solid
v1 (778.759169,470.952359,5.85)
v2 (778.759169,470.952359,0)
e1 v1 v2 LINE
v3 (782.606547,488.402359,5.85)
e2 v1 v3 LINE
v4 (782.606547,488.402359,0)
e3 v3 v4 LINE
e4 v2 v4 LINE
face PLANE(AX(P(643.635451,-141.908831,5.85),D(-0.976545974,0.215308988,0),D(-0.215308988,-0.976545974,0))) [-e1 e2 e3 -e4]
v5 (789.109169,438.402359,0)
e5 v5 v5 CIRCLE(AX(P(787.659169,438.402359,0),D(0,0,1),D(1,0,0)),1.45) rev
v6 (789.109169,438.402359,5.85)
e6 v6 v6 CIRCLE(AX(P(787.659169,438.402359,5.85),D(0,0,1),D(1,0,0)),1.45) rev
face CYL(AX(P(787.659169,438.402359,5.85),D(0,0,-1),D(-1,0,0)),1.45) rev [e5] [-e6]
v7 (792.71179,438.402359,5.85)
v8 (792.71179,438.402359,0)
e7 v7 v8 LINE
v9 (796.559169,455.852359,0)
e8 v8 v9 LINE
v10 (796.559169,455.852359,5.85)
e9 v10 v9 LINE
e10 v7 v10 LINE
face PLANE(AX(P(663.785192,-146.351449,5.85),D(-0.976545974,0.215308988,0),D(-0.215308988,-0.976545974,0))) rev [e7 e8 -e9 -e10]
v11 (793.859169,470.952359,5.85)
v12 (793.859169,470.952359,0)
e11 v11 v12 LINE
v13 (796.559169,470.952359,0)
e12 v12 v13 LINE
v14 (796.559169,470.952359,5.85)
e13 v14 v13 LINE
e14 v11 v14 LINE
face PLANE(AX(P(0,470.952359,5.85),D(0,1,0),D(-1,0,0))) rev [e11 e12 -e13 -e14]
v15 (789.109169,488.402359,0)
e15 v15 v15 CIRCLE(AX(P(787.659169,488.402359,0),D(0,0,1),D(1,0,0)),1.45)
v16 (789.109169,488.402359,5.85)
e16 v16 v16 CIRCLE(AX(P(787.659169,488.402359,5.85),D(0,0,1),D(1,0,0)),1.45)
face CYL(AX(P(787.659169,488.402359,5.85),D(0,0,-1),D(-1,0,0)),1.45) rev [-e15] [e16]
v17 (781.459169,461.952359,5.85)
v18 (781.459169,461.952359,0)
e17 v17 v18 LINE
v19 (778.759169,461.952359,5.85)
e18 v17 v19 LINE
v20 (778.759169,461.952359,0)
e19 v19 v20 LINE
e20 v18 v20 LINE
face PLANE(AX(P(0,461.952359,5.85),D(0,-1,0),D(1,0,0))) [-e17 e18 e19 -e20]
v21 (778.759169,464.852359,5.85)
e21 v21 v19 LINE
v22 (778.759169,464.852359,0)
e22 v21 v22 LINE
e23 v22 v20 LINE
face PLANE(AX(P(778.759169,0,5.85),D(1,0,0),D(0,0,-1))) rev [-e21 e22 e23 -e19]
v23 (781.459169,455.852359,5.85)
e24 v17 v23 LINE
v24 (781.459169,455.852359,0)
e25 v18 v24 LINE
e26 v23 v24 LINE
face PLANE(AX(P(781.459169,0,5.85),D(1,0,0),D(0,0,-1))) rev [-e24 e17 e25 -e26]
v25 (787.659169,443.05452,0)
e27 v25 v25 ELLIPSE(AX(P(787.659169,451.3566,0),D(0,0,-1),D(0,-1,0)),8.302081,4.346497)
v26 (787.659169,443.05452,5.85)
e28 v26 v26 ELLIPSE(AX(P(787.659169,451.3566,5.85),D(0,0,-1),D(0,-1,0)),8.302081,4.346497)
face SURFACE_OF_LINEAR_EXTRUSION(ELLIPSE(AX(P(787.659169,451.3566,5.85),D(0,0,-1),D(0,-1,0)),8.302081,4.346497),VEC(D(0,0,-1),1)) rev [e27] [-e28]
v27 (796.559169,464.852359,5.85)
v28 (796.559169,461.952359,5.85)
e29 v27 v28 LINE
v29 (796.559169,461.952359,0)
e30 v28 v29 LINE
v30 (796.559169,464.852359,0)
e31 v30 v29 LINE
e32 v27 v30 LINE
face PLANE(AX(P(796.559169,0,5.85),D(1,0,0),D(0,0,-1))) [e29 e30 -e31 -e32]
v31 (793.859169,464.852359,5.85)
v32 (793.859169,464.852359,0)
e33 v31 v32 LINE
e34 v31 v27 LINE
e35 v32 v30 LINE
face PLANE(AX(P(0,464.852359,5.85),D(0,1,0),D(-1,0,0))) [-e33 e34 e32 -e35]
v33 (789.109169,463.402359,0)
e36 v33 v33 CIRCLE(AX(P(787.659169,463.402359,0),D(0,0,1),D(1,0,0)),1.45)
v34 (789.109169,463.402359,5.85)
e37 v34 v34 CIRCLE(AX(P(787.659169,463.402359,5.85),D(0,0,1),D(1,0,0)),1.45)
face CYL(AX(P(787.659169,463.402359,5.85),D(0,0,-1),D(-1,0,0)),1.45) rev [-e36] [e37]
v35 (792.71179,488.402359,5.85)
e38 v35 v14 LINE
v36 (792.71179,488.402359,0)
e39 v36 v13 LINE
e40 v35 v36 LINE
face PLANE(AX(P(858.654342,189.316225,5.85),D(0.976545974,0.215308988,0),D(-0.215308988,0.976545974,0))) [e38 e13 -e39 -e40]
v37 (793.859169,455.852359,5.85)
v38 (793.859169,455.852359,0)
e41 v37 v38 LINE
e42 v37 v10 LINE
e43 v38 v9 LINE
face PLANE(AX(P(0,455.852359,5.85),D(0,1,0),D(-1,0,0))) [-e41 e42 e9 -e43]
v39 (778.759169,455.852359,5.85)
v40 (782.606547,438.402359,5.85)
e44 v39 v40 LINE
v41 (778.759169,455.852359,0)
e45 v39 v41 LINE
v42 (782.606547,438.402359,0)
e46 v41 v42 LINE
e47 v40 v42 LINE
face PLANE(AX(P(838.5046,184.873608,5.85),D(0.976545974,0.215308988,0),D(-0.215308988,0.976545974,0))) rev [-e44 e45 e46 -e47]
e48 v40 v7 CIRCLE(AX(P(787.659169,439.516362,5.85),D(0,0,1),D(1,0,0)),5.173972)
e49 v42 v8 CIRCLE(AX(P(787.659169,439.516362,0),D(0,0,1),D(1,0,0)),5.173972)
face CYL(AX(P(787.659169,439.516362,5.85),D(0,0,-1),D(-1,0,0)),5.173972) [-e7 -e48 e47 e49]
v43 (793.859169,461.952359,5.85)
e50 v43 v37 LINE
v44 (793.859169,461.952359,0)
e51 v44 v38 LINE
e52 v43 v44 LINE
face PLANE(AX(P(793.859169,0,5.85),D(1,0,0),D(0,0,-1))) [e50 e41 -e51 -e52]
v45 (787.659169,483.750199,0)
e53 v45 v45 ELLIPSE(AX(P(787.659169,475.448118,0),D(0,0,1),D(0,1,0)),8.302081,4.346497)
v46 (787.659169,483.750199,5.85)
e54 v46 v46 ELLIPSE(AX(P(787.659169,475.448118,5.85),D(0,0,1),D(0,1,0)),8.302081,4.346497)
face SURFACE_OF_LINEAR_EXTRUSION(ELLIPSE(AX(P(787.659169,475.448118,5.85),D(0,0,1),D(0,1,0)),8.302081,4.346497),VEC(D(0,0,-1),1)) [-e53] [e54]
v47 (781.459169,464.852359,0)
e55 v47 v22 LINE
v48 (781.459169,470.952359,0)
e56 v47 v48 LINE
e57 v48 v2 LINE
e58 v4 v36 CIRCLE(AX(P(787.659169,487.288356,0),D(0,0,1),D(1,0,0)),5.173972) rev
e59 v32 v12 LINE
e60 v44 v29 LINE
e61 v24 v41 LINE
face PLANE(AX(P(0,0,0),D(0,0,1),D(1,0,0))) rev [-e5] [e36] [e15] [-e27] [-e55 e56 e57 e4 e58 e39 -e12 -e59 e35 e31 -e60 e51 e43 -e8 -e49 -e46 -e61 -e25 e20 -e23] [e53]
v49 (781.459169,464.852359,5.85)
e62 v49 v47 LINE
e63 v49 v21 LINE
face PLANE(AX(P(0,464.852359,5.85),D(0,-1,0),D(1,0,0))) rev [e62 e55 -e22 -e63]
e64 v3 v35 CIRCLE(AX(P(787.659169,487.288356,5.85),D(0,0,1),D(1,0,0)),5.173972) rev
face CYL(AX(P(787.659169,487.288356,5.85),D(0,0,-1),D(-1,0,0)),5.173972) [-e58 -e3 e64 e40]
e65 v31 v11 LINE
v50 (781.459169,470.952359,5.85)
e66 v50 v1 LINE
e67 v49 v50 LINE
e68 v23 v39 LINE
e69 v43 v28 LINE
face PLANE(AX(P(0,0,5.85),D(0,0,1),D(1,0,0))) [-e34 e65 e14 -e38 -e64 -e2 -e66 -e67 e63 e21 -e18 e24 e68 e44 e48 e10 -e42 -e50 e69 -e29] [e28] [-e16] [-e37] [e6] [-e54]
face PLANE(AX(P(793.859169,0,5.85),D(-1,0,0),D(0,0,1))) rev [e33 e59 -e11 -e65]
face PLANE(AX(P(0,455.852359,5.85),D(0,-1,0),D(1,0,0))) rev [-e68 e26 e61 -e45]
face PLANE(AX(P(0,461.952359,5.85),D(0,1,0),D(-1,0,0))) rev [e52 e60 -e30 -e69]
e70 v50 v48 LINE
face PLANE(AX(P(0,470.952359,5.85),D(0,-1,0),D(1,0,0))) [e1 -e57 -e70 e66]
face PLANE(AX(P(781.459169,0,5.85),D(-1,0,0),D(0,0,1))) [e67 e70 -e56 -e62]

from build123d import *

# Parameters (mm, degrees)
SKETCH1_R           = 1.45
SKETCH1_RX          = 8.302080555
SKETCH1_RY          = 4.346497416
BOSS_EXTRUDE1_DEPTH = 5.85


with BuildPart() as part:
    # Sketch1 → Boss-Extrude1 (new body)
    with BuildSketch(Plane.XY):
        with BuildLine():
            Line((781.459168709, 464.852359197), (778.759168709, 464.852359197))
            Line((778.759168709, 464.852359197), (778.759168709, 461.952359197))
            Line((778.759168709, 461.952359197), (781.459168709, 461.952359197))
            Line((781.459168709, 461.952359197), (781.459168709, 455.852359197))
            Line((781.459168709, 455.852359197), (778.759168709, 455.852359197))
            Line((778.759168709, 455.852359197), (782.606547069, 438.402359197))
            ThreePointArc((782.606547069, 438.402359197), (787.659168709, 434.342389784), (792.711790348, 438.402359197))
            Line((792.711790348, 438.402359197), (796.559168709, 455.852359197))
            Line((796.559168709, 455.852359197), (793.859168709, 455.852359197))
            Line((793.859168709, 455.852359197), (793.859168709, 461.952359197))
            Line((793.859168709, 461.952359197), (796.559168709, 461.952359197))
            Line((796.559168709, 461.952359197), (796.559168709, 464.852359197))
            Line((796.559168709, 464.852359197), (793.859168709, 464.852359197))
            Line((793.859168709, 464.852359197), (793.859168709, 470.952359197))
            Line((793.859168709, 470.952359197), (796.559168709, 470.952359197))
            Line((796.559168709, 470.952359197), (792.711790348, 488.402359197))
            ThreePointArc((792.711790348, 488.402359197), (787.659168709, 492.46232861), (782.606547069, 488.402359197))
            Line((782.606547069, 488.402359197), (778.759168709, 470.952359197))
            Line((778.759168709, 470.952359197), (781.459168709, 470.952359197))
            Line((781.459168709, 470.952359197), (781.459168709, 464.852359197))
        make_face()
        with Locations((787.659168709, 488.402359197)):
            Circle(SKETCH1_R, mode=Mode.SUBTRACT)
        with Locations((787.659168709, 438.402359197)):
            Circle(SKETCH1_R, mode=Mode.SUBTRACT)
        with Locations((787.659168709, 463.402359197)):
            Circle(SKETCH1_R, mode=Mode.SUBTRACT)
        with Locations(Location((787.659168709, 475.448118238), (0, 0, 90))):
            Ellipse(SKETCH1_RX, SKETCH1_RY, mode=Mode.SUBTRACT)
        with Locations(Location((787.659168709, 451.356600156), (0, 0, -90))):
            Ellipse(SKETCH1_RX, SKETCH1_RY, mode=Mode.SUBTRACT)
    extrude(amount=BOSS_EXTRUDE1_DEPTH)


solid = part.part
